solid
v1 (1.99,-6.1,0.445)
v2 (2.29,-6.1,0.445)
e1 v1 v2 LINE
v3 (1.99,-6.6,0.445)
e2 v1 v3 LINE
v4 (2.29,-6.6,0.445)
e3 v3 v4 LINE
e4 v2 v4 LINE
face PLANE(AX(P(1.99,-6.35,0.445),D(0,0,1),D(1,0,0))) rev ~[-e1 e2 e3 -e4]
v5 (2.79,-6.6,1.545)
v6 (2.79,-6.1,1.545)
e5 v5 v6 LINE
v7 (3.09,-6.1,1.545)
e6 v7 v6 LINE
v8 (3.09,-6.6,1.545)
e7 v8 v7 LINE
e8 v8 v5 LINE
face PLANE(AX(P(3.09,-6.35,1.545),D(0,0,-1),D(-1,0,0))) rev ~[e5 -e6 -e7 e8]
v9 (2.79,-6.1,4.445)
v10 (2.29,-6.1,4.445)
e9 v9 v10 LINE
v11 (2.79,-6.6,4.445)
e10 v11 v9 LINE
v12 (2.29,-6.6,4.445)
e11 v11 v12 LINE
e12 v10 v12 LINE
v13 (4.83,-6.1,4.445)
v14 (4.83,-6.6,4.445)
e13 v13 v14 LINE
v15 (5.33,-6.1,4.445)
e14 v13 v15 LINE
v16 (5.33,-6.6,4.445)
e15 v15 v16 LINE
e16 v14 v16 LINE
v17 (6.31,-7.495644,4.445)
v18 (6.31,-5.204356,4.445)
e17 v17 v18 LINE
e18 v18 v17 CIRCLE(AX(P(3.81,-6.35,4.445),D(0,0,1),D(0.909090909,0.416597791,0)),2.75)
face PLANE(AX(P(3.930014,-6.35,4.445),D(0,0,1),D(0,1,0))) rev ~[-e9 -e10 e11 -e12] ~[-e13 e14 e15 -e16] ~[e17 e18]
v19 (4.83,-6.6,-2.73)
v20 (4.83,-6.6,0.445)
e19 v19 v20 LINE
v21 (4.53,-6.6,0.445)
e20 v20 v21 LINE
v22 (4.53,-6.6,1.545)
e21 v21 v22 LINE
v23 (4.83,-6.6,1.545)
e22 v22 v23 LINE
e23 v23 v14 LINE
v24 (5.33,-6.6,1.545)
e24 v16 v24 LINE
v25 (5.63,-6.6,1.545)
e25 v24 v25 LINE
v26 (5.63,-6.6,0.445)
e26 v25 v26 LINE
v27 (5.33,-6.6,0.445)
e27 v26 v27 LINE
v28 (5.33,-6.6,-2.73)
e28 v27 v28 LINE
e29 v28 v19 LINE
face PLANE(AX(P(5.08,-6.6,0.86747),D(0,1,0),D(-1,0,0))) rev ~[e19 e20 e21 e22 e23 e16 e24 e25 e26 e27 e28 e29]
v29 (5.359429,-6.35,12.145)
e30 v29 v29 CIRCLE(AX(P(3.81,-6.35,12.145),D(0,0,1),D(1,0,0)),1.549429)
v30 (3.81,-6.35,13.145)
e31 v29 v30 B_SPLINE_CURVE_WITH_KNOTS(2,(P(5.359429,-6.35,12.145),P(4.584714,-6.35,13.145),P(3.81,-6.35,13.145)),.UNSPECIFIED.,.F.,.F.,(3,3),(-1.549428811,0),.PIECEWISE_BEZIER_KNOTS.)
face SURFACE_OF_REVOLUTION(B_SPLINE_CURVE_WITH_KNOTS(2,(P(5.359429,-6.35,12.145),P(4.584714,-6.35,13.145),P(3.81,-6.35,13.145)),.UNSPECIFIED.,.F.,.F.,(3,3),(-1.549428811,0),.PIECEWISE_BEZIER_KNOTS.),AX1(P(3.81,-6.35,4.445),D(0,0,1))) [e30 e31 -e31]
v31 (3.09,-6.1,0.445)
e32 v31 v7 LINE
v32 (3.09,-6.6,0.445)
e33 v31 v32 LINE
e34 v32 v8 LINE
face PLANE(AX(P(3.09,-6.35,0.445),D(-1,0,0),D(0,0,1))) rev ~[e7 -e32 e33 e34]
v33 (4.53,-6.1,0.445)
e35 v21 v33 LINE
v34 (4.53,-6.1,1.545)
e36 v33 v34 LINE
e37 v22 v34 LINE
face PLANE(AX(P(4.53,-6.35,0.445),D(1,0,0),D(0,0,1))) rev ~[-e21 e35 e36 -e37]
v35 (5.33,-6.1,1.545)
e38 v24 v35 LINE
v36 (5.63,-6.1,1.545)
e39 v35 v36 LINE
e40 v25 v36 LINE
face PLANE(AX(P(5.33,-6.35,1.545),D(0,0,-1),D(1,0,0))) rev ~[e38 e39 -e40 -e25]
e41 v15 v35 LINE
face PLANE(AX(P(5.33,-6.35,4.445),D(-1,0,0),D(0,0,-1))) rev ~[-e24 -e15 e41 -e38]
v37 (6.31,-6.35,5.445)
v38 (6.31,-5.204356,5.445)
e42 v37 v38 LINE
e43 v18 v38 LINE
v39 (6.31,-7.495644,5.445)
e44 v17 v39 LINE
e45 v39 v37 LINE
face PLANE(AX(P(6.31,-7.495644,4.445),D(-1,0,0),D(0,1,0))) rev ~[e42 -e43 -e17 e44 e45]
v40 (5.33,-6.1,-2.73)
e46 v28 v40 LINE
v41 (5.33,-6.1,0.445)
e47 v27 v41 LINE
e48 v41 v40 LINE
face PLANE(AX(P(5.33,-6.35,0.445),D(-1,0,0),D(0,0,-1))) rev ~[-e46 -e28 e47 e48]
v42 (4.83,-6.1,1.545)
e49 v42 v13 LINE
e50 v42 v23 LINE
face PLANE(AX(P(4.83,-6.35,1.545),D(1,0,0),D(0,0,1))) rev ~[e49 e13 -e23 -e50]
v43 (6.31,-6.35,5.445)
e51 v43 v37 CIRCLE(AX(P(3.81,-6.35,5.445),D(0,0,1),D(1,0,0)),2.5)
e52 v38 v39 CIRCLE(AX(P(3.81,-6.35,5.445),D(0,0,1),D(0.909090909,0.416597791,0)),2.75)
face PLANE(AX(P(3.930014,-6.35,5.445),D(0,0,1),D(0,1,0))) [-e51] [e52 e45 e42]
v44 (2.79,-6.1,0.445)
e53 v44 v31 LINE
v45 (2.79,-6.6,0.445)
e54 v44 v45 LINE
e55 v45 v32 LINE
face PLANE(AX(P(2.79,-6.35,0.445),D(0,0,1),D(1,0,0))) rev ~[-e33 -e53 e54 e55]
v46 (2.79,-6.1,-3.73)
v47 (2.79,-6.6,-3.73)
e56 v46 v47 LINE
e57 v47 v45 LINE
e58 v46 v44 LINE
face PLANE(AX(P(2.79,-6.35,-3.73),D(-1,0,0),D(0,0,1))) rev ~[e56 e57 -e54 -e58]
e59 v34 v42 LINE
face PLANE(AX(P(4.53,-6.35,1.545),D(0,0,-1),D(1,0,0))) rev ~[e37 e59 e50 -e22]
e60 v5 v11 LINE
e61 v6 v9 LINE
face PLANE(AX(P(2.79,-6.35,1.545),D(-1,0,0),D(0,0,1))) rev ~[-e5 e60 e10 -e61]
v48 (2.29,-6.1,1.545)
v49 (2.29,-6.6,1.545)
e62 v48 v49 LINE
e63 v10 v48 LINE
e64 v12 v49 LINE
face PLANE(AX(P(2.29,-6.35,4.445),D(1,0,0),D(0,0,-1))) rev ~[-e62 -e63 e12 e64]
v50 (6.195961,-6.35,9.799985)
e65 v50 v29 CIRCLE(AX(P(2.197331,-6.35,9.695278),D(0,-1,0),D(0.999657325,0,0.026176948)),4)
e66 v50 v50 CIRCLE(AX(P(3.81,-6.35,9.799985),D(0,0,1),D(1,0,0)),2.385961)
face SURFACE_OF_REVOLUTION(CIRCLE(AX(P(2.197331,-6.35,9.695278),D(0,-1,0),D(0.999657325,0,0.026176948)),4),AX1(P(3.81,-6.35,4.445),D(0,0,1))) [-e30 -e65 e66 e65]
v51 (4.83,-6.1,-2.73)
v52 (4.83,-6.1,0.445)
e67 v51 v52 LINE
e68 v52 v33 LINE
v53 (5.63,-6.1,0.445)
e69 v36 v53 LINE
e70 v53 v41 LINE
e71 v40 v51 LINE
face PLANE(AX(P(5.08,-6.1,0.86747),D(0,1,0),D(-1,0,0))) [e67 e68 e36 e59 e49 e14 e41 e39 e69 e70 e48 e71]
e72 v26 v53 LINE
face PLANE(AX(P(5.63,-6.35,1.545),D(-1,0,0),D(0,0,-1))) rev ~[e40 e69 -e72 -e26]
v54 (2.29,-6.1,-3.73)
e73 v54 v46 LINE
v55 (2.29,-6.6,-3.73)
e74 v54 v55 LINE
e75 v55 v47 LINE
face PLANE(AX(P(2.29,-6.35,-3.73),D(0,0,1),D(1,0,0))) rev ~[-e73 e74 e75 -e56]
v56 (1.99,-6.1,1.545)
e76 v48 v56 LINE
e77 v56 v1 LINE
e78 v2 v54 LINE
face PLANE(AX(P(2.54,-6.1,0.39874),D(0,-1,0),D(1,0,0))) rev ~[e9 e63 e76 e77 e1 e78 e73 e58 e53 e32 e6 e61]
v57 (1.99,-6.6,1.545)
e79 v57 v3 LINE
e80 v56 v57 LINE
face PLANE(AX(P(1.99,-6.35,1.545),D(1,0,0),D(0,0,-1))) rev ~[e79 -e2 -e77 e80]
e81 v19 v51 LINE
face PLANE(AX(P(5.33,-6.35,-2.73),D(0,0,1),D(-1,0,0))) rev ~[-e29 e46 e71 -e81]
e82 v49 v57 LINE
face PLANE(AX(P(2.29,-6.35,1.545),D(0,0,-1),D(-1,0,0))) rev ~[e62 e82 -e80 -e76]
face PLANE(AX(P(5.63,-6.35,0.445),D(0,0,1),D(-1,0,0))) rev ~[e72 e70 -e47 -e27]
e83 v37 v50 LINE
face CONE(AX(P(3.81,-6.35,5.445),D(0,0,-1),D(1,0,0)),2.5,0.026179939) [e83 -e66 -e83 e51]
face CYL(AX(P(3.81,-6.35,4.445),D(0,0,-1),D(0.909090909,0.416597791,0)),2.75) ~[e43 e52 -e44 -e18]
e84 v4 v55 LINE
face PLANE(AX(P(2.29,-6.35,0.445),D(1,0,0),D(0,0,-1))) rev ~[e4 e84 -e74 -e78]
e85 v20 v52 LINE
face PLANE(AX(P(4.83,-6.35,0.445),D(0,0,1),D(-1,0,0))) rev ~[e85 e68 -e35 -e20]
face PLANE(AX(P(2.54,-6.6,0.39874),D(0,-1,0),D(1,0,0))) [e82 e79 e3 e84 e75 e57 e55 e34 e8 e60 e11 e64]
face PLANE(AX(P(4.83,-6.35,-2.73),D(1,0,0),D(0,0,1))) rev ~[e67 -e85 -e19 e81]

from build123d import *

# Parameters (mm, degrees)
PAD002_DEPTH             = 1
PAD003_DEPTH             = 0.25
BODY001_PLACEMENT_ANGLE  = 90
CLONE010_PLACEMENT_ANGLE = 180


with BuildPart() as part:
    # Sketch003 → Pad002 (new body)
    with BuildSketch(Plane.XY):
        with BuildLine():
            ThreePointArc((1.1456439239, -2.4999999999), (0, 2.75), (-1.1456439239, -2.4999999999))
            Line((-1.1456439239, -2.5), (1.1456439239, -2.5))
        make_face()
    extrude(amount=PAD002_DEPTH)

    # Sketch004 → Revolution001 (revolve)
    with BuildSketch(Plane.YZ):
        with BuildLine():
            add(Edge.make_bspline(
                [(-1.5494288107, 7.7), (-0.7747144053, 8.7), (0, 8.7)],
                knots=[-1.5494288107, -1.5494288107, -1.5494288107, 0, 0, 0], degree=2))
            Line((0, 8.7), (0, 1))
            Line((0, 1), (-2.5, 1))
            Line((-2.5, 1), (-2.3859606946, 5.3549853739))
            ThreePointArc((-2.3859606946, 5.3549853739), (-2.1547940918, 6.5942362206), (-1.5494288107, 7.7))
        make_face()
    revolve(axis=Axis((0, 0, 0), (0, 0, 1)))

    # Sketch005 → Pad003 (join, symmetric)
    with BuildSketch(Plane.YZ):
        Polygon((-1.52, 0), (-1.52, -2.9), (-1.82, -2.9), (-1.82, -4), (-1.52, -4), (-1.52, -7.175), (-1.02, -7.175), (-1.02, -4), (-0.72, -4), (-0.72, -2.9), (-1.02, -2.9), (-1.02, 0), align=None)
        Polygon((1.02, 0), (1.52, 0), (1.52, -2.9), (1.82, -2.9), (1.82, -4), (1.52, -4), (1.52, -8.175), (1.02, -8.175), (1.02, -4), (0.72, -4), (0.72, -2.9), (1.02, -2.9), align=None)
    extrude(amount=PAD003_DEPTH, both=True)


with BuildPart() as part_1:
    # Body001 placement: moved
    add(part.part.moved(Location((-3.81, 6.35, 4.445))).rotate(Axis((-3.81, 6.35, 4.445), (0, 0, -1)), BODY001_PLACEMENT_ANGLE))


with BuildPart() as part_2:
    # Clone010 placement: moved
    add(part_1.part.moved(Location((0, 0, 0))).rotate(Axis((0, 0, 0), (0, 0, 1)), CLONE010_PLACEMENT_ANGLE))


solid = part_2.part
